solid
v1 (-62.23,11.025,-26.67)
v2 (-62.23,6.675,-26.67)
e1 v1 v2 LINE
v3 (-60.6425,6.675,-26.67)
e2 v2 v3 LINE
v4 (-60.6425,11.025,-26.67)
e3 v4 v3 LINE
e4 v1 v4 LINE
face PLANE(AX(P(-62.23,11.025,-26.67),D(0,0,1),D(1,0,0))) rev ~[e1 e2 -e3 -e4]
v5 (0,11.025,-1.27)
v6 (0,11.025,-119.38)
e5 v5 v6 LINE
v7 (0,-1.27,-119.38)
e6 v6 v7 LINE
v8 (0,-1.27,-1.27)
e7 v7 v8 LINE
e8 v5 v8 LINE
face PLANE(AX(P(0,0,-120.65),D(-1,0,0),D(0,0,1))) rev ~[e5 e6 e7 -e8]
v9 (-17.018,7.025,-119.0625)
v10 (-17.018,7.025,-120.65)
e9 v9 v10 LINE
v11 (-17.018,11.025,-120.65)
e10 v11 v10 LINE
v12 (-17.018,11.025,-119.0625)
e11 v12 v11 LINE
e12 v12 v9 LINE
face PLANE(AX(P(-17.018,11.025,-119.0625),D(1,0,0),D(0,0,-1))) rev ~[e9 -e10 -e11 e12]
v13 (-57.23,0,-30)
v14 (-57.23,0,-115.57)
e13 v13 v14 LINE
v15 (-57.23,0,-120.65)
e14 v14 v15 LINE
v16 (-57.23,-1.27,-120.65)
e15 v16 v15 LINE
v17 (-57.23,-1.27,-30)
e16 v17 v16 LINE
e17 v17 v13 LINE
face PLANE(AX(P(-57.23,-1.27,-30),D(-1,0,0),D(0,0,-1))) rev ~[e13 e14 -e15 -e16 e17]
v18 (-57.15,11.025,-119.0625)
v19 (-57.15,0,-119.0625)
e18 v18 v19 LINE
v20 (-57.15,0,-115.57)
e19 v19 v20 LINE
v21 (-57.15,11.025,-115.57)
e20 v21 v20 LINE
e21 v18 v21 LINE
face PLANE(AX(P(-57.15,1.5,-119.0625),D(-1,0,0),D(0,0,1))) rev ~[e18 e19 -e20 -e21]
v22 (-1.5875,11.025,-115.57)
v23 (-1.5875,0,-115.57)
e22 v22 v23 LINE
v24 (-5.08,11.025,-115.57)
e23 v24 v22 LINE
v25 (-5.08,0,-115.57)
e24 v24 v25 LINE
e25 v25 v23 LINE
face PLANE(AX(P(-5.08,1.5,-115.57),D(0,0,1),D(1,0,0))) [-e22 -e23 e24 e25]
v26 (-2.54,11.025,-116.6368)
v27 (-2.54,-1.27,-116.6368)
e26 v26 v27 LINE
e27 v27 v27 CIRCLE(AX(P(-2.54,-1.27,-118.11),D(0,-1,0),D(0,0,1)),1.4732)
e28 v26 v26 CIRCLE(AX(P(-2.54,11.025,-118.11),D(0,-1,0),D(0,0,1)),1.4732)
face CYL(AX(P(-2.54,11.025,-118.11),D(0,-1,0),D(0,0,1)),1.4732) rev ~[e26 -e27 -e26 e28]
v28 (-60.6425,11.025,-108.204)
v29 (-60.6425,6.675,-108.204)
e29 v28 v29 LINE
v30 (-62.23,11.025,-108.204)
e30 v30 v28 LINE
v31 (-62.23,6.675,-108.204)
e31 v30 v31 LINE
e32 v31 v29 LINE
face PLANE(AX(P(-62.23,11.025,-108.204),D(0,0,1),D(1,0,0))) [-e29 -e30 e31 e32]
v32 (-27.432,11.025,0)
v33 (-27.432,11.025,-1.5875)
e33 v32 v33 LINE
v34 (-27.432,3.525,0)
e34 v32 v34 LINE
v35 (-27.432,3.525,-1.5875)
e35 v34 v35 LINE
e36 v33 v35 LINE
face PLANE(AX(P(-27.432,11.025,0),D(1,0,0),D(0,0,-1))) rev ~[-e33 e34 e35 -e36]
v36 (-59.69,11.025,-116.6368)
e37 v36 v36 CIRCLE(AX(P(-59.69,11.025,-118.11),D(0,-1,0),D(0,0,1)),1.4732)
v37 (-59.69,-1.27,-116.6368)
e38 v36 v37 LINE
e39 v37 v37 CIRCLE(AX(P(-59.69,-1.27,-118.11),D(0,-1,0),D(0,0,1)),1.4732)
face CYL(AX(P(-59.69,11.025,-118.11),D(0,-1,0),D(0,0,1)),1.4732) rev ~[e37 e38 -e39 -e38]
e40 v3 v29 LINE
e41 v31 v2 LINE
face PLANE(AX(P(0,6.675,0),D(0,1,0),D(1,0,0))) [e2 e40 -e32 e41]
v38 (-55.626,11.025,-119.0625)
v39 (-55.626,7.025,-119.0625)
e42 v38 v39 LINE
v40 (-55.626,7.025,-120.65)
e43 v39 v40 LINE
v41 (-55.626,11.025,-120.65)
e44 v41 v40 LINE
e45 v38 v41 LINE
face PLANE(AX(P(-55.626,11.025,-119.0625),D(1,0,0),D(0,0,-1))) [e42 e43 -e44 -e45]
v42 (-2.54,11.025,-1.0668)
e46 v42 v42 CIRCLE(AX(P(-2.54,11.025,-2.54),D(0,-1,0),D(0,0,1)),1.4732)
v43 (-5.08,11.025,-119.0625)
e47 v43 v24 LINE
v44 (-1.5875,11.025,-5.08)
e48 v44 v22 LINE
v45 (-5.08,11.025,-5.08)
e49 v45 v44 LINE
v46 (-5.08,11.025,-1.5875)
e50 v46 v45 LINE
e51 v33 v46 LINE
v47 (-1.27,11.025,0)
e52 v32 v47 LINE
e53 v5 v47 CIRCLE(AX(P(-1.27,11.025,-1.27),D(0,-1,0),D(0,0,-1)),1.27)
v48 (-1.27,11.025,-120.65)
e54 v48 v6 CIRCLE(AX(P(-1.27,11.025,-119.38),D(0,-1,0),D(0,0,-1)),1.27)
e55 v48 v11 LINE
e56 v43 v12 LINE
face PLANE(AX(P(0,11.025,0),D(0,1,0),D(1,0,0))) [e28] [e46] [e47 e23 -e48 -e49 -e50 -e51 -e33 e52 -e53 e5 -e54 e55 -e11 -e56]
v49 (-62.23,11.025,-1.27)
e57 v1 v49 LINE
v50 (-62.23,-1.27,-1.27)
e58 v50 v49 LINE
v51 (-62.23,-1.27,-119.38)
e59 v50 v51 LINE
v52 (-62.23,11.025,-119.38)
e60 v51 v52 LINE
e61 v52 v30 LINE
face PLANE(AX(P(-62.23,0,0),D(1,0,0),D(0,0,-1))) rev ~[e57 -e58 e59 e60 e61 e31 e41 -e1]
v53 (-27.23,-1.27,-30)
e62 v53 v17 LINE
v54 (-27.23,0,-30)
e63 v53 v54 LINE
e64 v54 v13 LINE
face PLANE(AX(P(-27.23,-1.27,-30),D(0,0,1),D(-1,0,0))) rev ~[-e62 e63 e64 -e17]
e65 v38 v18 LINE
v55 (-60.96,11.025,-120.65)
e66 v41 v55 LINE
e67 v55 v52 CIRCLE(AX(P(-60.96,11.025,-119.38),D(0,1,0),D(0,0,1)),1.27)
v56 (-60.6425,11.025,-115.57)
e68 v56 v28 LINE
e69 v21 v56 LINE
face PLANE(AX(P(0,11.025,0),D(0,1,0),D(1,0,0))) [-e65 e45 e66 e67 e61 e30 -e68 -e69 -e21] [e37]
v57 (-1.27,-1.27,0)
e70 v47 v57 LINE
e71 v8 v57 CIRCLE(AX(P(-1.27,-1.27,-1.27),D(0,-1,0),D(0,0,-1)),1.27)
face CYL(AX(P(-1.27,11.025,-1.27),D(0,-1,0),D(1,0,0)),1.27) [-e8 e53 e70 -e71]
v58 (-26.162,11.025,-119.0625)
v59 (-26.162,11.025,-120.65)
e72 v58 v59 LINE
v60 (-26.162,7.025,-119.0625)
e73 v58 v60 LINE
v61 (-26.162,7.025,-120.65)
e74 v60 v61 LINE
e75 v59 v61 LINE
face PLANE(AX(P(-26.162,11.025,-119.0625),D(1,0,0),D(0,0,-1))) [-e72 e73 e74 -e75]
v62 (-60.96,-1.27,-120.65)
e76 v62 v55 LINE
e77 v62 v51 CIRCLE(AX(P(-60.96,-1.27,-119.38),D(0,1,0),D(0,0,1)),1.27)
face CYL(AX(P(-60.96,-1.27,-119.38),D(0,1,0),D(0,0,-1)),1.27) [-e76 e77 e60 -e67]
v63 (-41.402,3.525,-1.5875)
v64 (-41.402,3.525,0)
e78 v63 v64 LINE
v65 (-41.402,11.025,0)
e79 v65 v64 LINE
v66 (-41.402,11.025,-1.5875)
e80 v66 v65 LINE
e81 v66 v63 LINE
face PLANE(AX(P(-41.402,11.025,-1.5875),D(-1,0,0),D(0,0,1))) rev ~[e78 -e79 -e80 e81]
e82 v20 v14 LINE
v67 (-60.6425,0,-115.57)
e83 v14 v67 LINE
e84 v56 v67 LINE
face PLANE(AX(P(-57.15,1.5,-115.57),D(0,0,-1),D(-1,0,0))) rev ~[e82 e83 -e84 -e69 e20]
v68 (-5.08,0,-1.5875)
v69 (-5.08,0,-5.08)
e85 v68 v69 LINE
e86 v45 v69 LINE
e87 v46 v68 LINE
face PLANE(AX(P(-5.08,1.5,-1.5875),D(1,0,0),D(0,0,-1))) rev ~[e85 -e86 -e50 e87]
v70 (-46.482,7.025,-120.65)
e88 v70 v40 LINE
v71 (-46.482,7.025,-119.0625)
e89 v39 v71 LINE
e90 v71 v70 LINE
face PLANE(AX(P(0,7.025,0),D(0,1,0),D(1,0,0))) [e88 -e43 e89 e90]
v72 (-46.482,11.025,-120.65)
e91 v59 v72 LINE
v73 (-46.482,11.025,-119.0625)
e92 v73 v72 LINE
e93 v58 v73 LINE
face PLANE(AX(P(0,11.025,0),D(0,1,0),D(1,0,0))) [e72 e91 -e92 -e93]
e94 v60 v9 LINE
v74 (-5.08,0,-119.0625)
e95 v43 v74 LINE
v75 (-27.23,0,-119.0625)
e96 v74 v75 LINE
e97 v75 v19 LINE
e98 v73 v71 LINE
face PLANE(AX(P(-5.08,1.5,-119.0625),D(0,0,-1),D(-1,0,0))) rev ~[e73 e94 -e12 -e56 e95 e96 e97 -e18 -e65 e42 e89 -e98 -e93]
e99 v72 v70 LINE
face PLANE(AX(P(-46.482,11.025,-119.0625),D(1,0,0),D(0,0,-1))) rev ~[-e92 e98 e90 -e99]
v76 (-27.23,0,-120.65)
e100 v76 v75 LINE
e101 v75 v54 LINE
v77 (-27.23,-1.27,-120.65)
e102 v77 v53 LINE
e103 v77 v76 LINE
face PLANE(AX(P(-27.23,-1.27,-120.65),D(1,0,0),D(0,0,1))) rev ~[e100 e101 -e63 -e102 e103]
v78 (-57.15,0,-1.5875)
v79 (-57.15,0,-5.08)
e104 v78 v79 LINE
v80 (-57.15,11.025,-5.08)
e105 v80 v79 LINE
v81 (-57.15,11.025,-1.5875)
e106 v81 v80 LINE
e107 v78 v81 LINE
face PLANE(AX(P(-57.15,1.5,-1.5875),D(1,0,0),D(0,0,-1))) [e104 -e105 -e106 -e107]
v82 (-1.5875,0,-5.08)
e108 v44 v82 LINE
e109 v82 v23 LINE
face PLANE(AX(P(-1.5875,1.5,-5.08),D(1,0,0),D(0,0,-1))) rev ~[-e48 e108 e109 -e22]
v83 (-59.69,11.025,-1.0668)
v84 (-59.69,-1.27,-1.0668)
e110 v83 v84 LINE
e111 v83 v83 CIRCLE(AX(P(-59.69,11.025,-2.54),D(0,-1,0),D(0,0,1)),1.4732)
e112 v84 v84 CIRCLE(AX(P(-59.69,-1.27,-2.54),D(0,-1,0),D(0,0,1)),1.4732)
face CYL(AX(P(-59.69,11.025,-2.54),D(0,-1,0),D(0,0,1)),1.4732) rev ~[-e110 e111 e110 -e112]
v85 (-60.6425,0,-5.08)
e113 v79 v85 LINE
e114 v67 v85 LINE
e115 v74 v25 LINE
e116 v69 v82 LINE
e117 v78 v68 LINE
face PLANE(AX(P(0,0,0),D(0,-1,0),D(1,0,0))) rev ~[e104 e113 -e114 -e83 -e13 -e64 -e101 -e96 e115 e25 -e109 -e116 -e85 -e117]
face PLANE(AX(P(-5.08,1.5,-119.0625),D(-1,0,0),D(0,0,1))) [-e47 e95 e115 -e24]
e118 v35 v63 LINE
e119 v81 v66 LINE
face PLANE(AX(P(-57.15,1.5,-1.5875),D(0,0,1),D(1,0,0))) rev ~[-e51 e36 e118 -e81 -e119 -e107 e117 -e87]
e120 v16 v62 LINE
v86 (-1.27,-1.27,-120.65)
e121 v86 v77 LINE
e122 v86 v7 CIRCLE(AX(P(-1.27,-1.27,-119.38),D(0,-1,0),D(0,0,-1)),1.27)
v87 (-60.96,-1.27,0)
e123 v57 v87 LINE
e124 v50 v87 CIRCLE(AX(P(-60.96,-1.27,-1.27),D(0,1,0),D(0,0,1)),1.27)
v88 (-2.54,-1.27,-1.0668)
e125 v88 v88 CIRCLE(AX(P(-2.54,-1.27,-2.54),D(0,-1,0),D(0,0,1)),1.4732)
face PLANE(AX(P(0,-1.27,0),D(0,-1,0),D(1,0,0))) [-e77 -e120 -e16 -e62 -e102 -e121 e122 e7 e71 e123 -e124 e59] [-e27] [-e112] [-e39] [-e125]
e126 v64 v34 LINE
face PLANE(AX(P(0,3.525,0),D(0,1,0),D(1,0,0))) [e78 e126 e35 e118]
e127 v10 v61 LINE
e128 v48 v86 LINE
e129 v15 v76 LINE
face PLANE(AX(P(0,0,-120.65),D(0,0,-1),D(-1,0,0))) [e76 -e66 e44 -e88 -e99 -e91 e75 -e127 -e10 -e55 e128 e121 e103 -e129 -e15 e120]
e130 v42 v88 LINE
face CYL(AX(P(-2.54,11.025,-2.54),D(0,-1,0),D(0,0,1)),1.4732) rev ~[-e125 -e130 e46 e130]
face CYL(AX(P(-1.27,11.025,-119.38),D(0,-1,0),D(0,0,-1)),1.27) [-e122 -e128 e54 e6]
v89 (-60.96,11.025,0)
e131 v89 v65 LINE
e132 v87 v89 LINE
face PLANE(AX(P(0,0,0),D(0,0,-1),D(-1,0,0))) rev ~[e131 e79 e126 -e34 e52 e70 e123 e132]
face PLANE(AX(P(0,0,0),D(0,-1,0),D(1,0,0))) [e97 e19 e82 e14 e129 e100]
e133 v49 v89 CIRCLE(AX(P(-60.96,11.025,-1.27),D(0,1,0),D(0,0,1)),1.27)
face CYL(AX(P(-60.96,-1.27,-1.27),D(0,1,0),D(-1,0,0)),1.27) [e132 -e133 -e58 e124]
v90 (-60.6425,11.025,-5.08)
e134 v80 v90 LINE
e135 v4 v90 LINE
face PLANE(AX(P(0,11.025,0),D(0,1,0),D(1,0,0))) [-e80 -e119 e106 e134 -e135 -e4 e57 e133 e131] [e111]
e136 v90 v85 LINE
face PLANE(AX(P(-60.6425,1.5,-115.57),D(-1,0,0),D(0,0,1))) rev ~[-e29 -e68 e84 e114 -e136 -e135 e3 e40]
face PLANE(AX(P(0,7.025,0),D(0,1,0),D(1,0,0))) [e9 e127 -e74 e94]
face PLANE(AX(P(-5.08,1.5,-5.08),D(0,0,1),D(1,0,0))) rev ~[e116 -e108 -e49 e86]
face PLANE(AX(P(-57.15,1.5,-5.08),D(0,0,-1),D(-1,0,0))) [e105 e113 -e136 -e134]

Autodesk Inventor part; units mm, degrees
ref_plane "YZ Plane" through (0, 0, 0) normal (1, 0, 0) x (0, 1, 0)
ref_plane "XZ Plane" through (0, 0, 0) normal (0, 1, 0) x (-1, 0, 0)
ref_plane "XY Plane" through (0, 0, 0) normal (0, 0, 1) x (1, 0, 0)
sketch "Sketch1" plane through (0, 0, 0) normal (0, 1, 0) x (-1, 0, 0)
  line L0 (0, 0) -> (62.23, 0)
  line L1 (62.23, 0) -> (62.23, -120.65)
  line L2 (62.23, -120.65) -> (0, -120.65)
  line L3 (0, -120.65) -> (0, 0)
  dimension "d0" = 62.23
  dimension "d1" = 120.65
extrude "Extrusion1" add sketch "Sketch1" along normal blind 1.5
sketch "Sketch2" plane through (0, 1.5, 0) normal (0, 1, 0) x (1, 0, 0)
  line L0 (-60.6425, 1.5875) -> (-1.5875, 1.5875)
  line L1 (-1.5875, 1.5875) -> (-1.5875, 119.0625)
  line L2 (-1.5875, 119.0625) -> (-60.6425, 119.0625)
  line L3 (-60.6425, 119.0625) -> (-60.6425, 1.5875)
  line L4 (-62.23, 0) -> (0, 0) projected
  line L5 (0, 0) -> (0, 120.65) projected
  line L6 (-62.23, 120.65) -> (-62.23, 0) projected
  line L7 (0, 120.65) -> (-62.23, 120.65) projected
  line L8 (0, 0) -> (-5.08, 0)
  line L9 (-5.08, 0) -> (-5.08, 5.08)
  line L10 (-5.08, 5.08) -> (0, 5.08)
  line L11 (0, 5.08) -> (0, 0)
  line L12 (-62.23, 0) -> (-57.15, 0)
  line L13 (-57.15, 0) -> (-57.15, 5.08)
  line L14 (-57.15, 5.08) -> (-62.23, 5.08)
  line L15 (-62.23, 5.08) -> (-62.23, 0)
  line L16 (0, 120.65) -> (-5.08, 120.65)
  line L17 (-5.08, 120.65) -> (-5.08, 115.57)
  line L18 (-5.08, 115.57) -> (0, 115.57)
  line L19 (0, 115.57) -> (0, 120.65)
  line L20 (-62.23, 120.65) -> (-57.15, 120.65)
  line L21 (-57.15, 120.65) -> (-57.15, 115.57)
  line L22 (-57.15, 115.57) -> (-62.23, 115.57)
  line L23 (-62.23, 115.57) -> (-62.23, 120.65)
  point P0 (0, 115.57)
  point P1 (-1.5875, 115.57)
  point P2 (-1.5875, 5.08)
  point P3 (-5.08, 1.5875)
  point P4 (-57.15, 1.5875)
  point P5 (-60.6425, 5.08)
  point P6 (-5.08, 119.0625)
  point P7 (-60.6425, 115.57)
  point P8 (-57.15, 119.0625)
  dimension "d4" = 1.5875
  dimension "d5" = 1.5875
  dimension "d6" = 1.5875
  dimension "d7" = 1.5875
  dimension "d8" = 5.08
  dimension "d9" = 5.08
  dimension "d10" = 5.08
  dimension "d11" = 5.08
  dimension "d12" = 5.08
  dimension "d13" = 5.08
  dimension "d14" = 5.08
  dimension "d15" = 5.08
extrude "Extrusion3" add sketch "Sketch2" along normal blind 9.525 contours L3 L14 L13 L0 | L0 L13 L4 L6 L14 L3 | L0 L9 L4 L13 | L14 L6 L22 L3 | L9 L10 L1 L0 | L0 L1 L10 L5 L4 L9 | L22 L6 L7 L21 L2 L3 | L3 L2 L21 L22 | L1 L18 L5 L10 | L21 L7 L17 L2 | L18 L17 L2 L1 | L1 L2 L17 L7 L5 L18
sketch "Sketch3" plane through (0, 11.025, 0) normal (0, 1, 0) x (1, 0, 0)
  line L0 (-62.23, 0) -> (0, 0) projected
  line L1 (-41.402, 0) -> (-27.432, 0)
  line L2 (-27.432, 0) -> (-27.432, 1.5875)
  line L3 (-27.432, 1.5875) -> (-41.402, 1.5875)
  line L4 (-41.402, 1.5875) -> (-41.402, 0)
  line L5 (0, 0) -> (0, 120.65) projected
  line L6 (-62.23, 120.65) -> (-62.23, 0) projected
  line L7 (0, 120.65) -> (-62.23, 120.65) projected
  line L8 (-60.6425, 115.57) -> (-60.6425, 5.08) projected
  line L9 (-62.23, 60.325) -> (-60.6425, 60.325)
  line L10 (-60.6425, 60.325) -> (-60.6425, 98.425)
  line L11 (-60.6425, 98.425) -> (-62.23, 98.425)
  line L12 (-62.23, 98.425) -> (-62.23, 60.325)
  point P0 (-59.69, 2.54)
  point P1 (-59.69, 118.11)
  point P2 (-2.54, 118.11)
  point P3 (-2.54, 2.54)
  dimension "d20" = 27.432
  dimension "d21" = 20.828
  dimension "d22" = 2.54
  dimension "d23" = 2.54
  dimension "d24" = 2.54
  dimension "d25" = 2.54
  dimension "d26" = 2.54
  dimension "d27" = 2.54
  dimension "d28" = 2.54
  dimension "d29" = 2.54
  dimension "d47" = 60.325
  dimension "d48" = 22.225
  dimension "d57" = 62.23
extrude "Extrusion4" cut sketch "Sketch3" against normal blind 7.5 contours L4 L3 L2 L0
sketch "Sketch5" plane through (0, 11.025, 0) normal (0, 1, 0) x (1, 0, 0)
  line L0 (-60.6425, 5.08) -> (-60.6425, 115.57) projected
  line L1 (-62.23, 120.65) -> (-62.23, 0) projected
  line L2 (-62.23, 108.204) -> (-60.6425, 108.204)
  line L3 (-62.23, 26.67) -> (-60.6425, 26.67)
  line L4 (-62.23, 0) -> (-41.402, 0) projected
  line L5 (0, 120.65) -> (-62.23, 120.65) projected
  point P0 (0, 0)
  dimension "d49" = 26.67
  dimension "d50" = 108.204
extrude "Extrusion5" cut sketch "Sketch5" against normal blind 4.35
sketch "Sketch6" plane through (0, 1.5, 0) normal (0, 1, 0) x (1, 0, 0)
  point P0 (0, 0)
extrude "Extrusion6" cut sketch "Sketch2" against normal through all contours L13 L14 L3 L22 L21 L2 L17 L18 L1 L10 L9 L0
sketch "Sketch7" plane through (0, 11.025, 0) normal (0, 1, 0) x (1, 0, 0)
  line L0 (-57.15, 119.0625) -> (-5.08, 119.0625) projected
  line L1 (-55.626, 119.0625) -> (-55.626, 120.65)
  line L2 (0, 120.65) -> (-62.23, 120.65) projected
  line L3 (-46.482, 119.0625) -> (-46.482, 120.65)
  line L4 (-62.23, 120.65) -> (-62.23, 108.204) projected
  line L5 (-26.162, 119.0625) -> (-26.162, 120.65)
  line L6 (-17.018, 119.0625) -> (-17.018, 120.65)
  point P0 (0, 0)
  dimension "d60" = 9.144
  dimension "d61" = 6.604
  dimension "d62" = 9.144
  dimension "d63" = 36.068
extrude "Extrusion7" cut sketch "Sketch7" against normal blind 4 contours L1 L2 L3 L0 | L5 L2 L6 L0
sketch "Sketch8" plane through (0, 0, 0) normal (0, -1, 0) x (1, 0, 0)
  line L0 (0, -120.65) -> (-62.23, -120.65) projected
  line L1 (-62.23, -120.65) -> (0, -120.65)
  line L2 (0, -120.65) -> (0, 0)
  line L3 (0, 0) -> (-62.23, 0)
  line L4 (-62.23, 0) -> (-62.23, -120.65)
extrude "Extrusion8" add sketch "Sketch8" along normal blind 1.27
sketch "Sketch9" plane through (0, -1.27, 0) normal (0, -1, 0) x (1, 0, 0)
  line L0 (-57.23, -120.65) -> (-27.23, -120.65)
  line L1 (-27.23, -120.65) -> (-27.23, -30)
  line L2 (-27.23, -30) -> (-57.23, -30)
  line L3 (-57.23, -30) -> (-57.23, -120.65)
  line L4 (0, 0) -> (-62.23, 0) projected
  line L5 (-62.23, 0) -> (-62.23, -120.65) projected
  dimension "d70" = 30
  dimension "d71" = 30
  dimension "d75" = 5
extrude "Extrusion9" cut sketch "Sketch9" against normal up to surface (1.27 mm away)
sketch "Sketch4" plane through (0, 11.025, 0) normal (0, 1, 0) x (1, 0, 0)
  line L0 (-27.432, 0) -> (0, 0) projected
  line L1 (0, 0) -> (0, 120.65) projected
  line L2 (-62.23, 0) -> (-41.402, 0) projected
  line L3 (-62.23, 120.65) -> (-62.23, 0) projected
  line L4 (0, 120.65) -> (-62.23, 120.65) projected
  point P0 (-2.54, 2.54)
  point P1 (-2.54, 118.11)
  point P2 (-59.69, 118.11)
  point P3 (-59.69, 2.54)
  dimension "d39" = 2.54
  dimension "d40" = 2.54
  dimension "d41" = 2.54
  dimension "d42" = 2.54
  dimension "d43" = 2.54
  dimension "d44" = 2.54
  dimension "d45" = 2.54
  dimension "d46" = 2.54
hole "Hole1" at (-2.54, 11.025, -2.54) at (-2.54, 11.025, -118.11) at (-59.69, 11.025, -118.11) at (-59.69, 11.025, -2.54) direction (0, -1, 0) diameter 2.9464 end through all clearance for "Socket Head Cap Screw" size "#4" standard "Ansi Unified Screw Threads"
fillet "Fillet3" radius 1.27 4 edges at (0, 4.8775, -120.65) (0, 4.8775, 0) (-62.23, 4.8775, -120.65) (-62.23, 4.8775, 0)
equation "\"d4\" = d5"
equation "\"d6\" = d5"
equation "\"d7\" = d5"
equation "\"d10\" = d8"
equation "\"d11\" = d10"
equation "\"d12\" = d8"
equation "\"d13\" = d8"
equation "\"d14\" = d8"
equation "\"d15\" = d8"
equation "\"d24\" = d22"
equation "\"d25\" = d24"
equation "\"d26\" = d25"
equation "\"d27\" = d26"
equation "\"d28\" = d22"
equation "\"d29\" = d28"
equation "\"d62\" = d60"
equation "\"d40\" = d39"
equation "\"d41\" = d39"
equation "\"d42\" = d41"
equation "\"d43\" = d42"
equation "\"d44\" = d43"
equation "\"d45\" = d44"
equation "\"d46\" = d45"
properties part number "cover_top"
